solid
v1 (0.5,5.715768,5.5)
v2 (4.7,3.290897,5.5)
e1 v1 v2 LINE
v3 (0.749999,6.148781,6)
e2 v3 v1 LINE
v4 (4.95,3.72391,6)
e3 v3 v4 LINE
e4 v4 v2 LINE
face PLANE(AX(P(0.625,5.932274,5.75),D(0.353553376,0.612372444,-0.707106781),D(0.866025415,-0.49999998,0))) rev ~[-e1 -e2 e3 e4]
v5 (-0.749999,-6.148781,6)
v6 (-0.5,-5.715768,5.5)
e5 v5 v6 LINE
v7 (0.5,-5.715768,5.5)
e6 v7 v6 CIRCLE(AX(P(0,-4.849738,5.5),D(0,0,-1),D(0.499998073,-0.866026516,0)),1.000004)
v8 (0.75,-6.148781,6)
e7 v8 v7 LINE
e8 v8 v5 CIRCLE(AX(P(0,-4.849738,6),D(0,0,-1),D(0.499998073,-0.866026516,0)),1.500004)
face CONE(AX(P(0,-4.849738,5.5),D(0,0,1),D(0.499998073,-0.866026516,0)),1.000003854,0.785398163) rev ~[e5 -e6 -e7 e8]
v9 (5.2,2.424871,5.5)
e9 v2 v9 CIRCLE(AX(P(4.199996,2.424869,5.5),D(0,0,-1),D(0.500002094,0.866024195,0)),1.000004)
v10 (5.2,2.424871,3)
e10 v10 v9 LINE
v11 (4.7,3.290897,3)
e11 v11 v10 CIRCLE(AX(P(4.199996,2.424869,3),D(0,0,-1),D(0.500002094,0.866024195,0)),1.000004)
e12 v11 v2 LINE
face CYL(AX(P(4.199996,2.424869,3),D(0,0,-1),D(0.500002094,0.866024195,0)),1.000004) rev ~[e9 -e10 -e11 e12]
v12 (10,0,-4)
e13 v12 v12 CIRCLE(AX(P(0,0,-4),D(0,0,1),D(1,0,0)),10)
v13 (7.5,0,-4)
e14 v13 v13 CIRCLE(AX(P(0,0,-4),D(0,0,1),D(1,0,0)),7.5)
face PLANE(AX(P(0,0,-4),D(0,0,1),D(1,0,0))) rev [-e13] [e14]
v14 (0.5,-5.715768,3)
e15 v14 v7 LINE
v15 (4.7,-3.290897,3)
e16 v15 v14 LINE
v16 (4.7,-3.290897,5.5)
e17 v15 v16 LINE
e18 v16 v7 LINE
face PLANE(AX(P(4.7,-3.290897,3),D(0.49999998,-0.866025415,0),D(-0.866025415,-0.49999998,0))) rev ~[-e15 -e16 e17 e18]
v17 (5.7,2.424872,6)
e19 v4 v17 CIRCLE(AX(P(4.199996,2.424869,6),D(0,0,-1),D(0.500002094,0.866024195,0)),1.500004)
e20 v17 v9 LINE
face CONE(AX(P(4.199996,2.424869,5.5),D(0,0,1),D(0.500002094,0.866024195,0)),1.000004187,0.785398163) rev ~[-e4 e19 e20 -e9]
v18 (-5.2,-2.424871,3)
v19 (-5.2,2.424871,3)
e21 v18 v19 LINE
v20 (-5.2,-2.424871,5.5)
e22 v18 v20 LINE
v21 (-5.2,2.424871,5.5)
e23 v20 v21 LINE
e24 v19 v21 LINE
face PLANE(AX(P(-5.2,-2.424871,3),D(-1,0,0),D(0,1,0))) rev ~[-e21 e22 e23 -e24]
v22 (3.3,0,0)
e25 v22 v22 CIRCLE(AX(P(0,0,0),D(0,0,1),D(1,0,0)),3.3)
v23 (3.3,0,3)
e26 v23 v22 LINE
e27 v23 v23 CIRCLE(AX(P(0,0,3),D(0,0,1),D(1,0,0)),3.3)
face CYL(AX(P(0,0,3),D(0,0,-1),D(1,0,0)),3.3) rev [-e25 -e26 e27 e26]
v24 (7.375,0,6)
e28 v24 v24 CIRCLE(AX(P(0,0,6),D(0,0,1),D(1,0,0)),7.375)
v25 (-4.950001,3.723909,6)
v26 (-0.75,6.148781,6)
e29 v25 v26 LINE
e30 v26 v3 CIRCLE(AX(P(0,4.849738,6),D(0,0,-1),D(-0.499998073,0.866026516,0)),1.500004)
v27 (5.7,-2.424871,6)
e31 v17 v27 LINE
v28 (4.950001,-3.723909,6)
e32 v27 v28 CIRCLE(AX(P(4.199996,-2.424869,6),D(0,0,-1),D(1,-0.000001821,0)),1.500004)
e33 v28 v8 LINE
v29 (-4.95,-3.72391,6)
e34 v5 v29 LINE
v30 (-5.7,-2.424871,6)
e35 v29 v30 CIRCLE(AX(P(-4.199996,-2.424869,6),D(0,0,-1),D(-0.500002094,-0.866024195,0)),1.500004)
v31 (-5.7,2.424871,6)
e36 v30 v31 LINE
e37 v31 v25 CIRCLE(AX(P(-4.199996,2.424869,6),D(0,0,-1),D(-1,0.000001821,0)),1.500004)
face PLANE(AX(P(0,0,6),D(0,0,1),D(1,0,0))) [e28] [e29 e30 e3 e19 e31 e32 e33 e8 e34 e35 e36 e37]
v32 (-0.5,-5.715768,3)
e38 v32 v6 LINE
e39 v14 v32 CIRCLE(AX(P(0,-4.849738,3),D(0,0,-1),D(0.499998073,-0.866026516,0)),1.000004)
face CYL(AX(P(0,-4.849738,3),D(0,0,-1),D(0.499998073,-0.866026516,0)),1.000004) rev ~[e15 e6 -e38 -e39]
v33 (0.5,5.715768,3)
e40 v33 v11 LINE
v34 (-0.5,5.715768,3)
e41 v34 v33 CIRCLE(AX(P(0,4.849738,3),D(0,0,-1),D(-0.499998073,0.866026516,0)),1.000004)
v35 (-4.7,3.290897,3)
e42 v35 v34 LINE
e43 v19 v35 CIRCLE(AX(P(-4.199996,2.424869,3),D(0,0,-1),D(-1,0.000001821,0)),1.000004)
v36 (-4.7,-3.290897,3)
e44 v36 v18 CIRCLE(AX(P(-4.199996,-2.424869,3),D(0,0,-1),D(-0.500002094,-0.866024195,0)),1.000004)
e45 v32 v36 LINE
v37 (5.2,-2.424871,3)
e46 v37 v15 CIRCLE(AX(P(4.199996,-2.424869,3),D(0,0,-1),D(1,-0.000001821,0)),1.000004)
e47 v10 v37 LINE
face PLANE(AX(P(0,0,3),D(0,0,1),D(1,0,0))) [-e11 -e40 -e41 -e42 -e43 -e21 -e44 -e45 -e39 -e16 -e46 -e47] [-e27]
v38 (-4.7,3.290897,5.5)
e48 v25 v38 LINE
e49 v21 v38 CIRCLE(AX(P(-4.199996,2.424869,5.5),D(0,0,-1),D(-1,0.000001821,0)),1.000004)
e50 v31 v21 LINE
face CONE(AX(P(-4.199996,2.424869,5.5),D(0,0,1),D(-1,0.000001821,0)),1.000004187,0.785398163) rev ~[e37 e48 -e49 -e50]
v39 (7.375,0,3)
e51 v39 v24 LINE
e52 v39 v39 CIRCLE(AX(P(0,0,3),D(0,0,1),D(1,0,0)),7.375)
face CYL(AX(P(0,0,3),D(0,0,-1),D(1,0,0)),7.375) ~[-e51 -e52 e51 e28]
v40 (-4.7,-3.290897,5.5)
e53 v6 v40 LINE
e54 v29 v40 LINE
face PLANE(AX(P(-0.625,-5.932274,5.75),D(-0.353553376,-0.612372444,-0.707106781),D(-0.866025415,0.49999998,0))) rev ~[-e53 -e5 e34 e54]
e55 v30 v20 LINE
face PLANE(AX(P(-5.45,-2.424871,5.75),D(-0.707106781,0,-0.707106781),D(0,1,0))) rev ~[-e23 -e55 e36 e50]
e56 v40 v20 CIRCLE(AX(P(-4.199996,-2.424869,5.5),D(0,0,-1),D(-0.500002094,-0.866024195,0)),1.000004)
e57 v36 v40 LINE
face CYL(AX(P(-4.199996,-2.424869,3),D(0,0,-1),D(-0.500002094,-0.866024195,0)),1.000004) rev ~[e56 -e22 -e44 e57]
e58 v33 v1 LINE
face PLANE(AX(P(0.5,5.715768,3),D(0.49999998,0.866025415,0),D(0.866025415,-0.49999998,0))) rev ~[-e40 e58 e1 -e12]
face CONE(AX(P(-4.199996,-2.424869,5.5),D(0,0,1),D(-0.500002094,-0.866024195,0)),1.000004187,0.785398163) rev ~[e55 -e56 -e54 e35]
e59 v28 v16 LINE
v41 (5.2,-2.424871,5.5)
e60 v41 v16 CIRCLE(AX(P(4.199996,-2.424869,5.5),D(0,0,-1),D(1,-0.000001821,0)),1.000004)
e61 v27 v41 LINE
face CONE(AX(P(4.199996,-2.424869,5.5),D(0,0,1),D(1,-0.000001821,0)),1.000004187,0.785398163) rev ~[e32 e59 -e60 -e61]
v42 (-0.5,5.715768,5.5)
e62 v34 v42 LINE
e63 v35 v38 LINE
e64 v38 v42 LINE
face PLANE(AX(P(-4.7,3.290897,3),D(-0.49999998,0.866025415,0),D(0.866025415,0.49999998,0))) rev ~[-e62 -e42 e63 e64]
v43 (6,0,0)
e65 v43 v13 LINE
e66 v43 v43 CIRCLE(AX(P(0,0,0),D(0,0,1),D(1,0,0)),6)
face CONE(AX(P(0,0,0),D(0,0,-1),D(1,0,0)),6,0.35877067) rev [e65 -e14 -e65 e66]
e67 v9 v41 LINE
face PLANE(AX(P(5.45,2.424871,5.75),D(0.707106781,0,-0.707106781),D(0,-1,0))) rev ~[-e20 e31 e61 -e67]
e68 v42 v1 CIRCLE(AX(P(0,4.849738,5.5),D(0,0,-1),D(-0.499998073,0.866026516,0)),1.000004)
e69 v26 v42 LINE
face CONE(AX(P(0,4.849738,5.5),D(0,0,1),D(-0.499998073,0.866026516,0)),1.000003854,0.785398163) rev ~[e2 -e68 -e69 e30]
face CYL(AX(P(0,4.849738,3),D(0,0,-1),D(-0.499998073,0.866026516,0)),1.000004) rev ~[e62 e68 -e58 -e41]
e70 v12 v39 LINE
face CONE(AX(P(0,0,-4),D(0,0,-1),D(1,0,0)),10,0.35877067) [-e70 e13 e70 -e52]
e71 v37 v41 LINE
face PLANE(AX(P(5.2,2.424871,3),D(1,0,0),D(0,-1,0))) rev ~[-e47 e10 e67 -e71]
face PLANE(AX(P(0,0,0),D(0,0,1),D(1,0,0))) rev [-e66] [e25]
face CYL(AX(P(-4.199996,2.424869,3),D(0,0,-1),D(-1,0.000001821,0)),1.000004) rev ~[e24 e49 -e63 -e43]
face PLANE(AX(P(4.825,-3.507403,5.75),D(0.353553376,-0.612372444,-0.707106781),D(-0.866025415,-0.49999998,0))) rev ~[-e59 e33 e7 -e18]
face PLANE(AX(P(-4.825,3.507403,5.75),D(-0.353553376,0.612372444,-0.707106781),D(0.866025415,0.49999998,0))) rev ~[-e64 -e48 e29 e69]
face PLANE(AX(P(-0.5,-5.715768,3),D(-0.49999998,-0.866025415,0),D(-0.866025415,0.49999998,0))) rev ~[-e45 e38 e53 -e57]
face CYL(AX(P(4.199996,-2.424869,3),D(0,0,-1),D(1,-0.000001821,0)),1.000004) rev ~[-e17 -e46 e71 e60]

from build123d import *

# Parameters (mm, degrees)
F2_R     = 7.375
F3_DEPTH = 3
F4_SIZE  = 0.5


with BuildPart() as f1:
    # F0 (on Front) → F1 (revolve)
    with BuildSketch(Plane.XZ):
        Polygon((7.375, 3), (3.3, 3), (3.3, 0), (6, 0), (7.5, -4), (10, -4), align=None)
    revolve(axis=Axis((0, 0, -0.17444), (0, 0, 1)))

    # F2 (on face) → F3 (join)
    with BuildSketch(Plane.XY.offset(3)):
        Circle(F2_R)
        with BuildLine():
            ThreePointArc((-0.5, 5.715768), (0, 5.849742), (0.5, 5.715768))
            Line((0.5, 5.715768), (4.7, 3.290897))
            ThreePointArc((4.7, 3.290897), (5.066025, 2.924871), (5.2, 2.424871))
            Line((5.2, 2.424871), (5.2, -2.424871))
            ThreePointArc((5.2, -2.424871), (5.066025, -2.924871), (4.7, -3.290897))
            Line((4.7, -3.290897), (0.5, -5.715768))
            ThreePointArc((0.5, -5.715768), (0, -5.849742), (-0.5, -5.715768))
            Line((-0.5, -5.715768), (-4.7, -3.290897))
            ThreePointArc((-4.7, -3.290897), (-5.066025, -2.924871), (-5.2, -2.424871))
            Line((-5.2, -2.424871), (-5.2, 2.424871))
            ThreePointArc((-5.2, 2.424871), (-5.066025, 2.924871), (-4.7, 3.290897))
            Line((-4.7, 3.290897), (-0.5, 5.715768))
        make_face(mode=Mode.SUBTRACT)
    extrude(amount=F3_DEPTH)

    # F4
    f4_edges = [f1.edges().sort_by_distance(p)[0] for p in [
        (-5.2, 0, 6),
    ]]
    chamfer(f4_edges, length=F4_SIZE)


solid = f1.part
